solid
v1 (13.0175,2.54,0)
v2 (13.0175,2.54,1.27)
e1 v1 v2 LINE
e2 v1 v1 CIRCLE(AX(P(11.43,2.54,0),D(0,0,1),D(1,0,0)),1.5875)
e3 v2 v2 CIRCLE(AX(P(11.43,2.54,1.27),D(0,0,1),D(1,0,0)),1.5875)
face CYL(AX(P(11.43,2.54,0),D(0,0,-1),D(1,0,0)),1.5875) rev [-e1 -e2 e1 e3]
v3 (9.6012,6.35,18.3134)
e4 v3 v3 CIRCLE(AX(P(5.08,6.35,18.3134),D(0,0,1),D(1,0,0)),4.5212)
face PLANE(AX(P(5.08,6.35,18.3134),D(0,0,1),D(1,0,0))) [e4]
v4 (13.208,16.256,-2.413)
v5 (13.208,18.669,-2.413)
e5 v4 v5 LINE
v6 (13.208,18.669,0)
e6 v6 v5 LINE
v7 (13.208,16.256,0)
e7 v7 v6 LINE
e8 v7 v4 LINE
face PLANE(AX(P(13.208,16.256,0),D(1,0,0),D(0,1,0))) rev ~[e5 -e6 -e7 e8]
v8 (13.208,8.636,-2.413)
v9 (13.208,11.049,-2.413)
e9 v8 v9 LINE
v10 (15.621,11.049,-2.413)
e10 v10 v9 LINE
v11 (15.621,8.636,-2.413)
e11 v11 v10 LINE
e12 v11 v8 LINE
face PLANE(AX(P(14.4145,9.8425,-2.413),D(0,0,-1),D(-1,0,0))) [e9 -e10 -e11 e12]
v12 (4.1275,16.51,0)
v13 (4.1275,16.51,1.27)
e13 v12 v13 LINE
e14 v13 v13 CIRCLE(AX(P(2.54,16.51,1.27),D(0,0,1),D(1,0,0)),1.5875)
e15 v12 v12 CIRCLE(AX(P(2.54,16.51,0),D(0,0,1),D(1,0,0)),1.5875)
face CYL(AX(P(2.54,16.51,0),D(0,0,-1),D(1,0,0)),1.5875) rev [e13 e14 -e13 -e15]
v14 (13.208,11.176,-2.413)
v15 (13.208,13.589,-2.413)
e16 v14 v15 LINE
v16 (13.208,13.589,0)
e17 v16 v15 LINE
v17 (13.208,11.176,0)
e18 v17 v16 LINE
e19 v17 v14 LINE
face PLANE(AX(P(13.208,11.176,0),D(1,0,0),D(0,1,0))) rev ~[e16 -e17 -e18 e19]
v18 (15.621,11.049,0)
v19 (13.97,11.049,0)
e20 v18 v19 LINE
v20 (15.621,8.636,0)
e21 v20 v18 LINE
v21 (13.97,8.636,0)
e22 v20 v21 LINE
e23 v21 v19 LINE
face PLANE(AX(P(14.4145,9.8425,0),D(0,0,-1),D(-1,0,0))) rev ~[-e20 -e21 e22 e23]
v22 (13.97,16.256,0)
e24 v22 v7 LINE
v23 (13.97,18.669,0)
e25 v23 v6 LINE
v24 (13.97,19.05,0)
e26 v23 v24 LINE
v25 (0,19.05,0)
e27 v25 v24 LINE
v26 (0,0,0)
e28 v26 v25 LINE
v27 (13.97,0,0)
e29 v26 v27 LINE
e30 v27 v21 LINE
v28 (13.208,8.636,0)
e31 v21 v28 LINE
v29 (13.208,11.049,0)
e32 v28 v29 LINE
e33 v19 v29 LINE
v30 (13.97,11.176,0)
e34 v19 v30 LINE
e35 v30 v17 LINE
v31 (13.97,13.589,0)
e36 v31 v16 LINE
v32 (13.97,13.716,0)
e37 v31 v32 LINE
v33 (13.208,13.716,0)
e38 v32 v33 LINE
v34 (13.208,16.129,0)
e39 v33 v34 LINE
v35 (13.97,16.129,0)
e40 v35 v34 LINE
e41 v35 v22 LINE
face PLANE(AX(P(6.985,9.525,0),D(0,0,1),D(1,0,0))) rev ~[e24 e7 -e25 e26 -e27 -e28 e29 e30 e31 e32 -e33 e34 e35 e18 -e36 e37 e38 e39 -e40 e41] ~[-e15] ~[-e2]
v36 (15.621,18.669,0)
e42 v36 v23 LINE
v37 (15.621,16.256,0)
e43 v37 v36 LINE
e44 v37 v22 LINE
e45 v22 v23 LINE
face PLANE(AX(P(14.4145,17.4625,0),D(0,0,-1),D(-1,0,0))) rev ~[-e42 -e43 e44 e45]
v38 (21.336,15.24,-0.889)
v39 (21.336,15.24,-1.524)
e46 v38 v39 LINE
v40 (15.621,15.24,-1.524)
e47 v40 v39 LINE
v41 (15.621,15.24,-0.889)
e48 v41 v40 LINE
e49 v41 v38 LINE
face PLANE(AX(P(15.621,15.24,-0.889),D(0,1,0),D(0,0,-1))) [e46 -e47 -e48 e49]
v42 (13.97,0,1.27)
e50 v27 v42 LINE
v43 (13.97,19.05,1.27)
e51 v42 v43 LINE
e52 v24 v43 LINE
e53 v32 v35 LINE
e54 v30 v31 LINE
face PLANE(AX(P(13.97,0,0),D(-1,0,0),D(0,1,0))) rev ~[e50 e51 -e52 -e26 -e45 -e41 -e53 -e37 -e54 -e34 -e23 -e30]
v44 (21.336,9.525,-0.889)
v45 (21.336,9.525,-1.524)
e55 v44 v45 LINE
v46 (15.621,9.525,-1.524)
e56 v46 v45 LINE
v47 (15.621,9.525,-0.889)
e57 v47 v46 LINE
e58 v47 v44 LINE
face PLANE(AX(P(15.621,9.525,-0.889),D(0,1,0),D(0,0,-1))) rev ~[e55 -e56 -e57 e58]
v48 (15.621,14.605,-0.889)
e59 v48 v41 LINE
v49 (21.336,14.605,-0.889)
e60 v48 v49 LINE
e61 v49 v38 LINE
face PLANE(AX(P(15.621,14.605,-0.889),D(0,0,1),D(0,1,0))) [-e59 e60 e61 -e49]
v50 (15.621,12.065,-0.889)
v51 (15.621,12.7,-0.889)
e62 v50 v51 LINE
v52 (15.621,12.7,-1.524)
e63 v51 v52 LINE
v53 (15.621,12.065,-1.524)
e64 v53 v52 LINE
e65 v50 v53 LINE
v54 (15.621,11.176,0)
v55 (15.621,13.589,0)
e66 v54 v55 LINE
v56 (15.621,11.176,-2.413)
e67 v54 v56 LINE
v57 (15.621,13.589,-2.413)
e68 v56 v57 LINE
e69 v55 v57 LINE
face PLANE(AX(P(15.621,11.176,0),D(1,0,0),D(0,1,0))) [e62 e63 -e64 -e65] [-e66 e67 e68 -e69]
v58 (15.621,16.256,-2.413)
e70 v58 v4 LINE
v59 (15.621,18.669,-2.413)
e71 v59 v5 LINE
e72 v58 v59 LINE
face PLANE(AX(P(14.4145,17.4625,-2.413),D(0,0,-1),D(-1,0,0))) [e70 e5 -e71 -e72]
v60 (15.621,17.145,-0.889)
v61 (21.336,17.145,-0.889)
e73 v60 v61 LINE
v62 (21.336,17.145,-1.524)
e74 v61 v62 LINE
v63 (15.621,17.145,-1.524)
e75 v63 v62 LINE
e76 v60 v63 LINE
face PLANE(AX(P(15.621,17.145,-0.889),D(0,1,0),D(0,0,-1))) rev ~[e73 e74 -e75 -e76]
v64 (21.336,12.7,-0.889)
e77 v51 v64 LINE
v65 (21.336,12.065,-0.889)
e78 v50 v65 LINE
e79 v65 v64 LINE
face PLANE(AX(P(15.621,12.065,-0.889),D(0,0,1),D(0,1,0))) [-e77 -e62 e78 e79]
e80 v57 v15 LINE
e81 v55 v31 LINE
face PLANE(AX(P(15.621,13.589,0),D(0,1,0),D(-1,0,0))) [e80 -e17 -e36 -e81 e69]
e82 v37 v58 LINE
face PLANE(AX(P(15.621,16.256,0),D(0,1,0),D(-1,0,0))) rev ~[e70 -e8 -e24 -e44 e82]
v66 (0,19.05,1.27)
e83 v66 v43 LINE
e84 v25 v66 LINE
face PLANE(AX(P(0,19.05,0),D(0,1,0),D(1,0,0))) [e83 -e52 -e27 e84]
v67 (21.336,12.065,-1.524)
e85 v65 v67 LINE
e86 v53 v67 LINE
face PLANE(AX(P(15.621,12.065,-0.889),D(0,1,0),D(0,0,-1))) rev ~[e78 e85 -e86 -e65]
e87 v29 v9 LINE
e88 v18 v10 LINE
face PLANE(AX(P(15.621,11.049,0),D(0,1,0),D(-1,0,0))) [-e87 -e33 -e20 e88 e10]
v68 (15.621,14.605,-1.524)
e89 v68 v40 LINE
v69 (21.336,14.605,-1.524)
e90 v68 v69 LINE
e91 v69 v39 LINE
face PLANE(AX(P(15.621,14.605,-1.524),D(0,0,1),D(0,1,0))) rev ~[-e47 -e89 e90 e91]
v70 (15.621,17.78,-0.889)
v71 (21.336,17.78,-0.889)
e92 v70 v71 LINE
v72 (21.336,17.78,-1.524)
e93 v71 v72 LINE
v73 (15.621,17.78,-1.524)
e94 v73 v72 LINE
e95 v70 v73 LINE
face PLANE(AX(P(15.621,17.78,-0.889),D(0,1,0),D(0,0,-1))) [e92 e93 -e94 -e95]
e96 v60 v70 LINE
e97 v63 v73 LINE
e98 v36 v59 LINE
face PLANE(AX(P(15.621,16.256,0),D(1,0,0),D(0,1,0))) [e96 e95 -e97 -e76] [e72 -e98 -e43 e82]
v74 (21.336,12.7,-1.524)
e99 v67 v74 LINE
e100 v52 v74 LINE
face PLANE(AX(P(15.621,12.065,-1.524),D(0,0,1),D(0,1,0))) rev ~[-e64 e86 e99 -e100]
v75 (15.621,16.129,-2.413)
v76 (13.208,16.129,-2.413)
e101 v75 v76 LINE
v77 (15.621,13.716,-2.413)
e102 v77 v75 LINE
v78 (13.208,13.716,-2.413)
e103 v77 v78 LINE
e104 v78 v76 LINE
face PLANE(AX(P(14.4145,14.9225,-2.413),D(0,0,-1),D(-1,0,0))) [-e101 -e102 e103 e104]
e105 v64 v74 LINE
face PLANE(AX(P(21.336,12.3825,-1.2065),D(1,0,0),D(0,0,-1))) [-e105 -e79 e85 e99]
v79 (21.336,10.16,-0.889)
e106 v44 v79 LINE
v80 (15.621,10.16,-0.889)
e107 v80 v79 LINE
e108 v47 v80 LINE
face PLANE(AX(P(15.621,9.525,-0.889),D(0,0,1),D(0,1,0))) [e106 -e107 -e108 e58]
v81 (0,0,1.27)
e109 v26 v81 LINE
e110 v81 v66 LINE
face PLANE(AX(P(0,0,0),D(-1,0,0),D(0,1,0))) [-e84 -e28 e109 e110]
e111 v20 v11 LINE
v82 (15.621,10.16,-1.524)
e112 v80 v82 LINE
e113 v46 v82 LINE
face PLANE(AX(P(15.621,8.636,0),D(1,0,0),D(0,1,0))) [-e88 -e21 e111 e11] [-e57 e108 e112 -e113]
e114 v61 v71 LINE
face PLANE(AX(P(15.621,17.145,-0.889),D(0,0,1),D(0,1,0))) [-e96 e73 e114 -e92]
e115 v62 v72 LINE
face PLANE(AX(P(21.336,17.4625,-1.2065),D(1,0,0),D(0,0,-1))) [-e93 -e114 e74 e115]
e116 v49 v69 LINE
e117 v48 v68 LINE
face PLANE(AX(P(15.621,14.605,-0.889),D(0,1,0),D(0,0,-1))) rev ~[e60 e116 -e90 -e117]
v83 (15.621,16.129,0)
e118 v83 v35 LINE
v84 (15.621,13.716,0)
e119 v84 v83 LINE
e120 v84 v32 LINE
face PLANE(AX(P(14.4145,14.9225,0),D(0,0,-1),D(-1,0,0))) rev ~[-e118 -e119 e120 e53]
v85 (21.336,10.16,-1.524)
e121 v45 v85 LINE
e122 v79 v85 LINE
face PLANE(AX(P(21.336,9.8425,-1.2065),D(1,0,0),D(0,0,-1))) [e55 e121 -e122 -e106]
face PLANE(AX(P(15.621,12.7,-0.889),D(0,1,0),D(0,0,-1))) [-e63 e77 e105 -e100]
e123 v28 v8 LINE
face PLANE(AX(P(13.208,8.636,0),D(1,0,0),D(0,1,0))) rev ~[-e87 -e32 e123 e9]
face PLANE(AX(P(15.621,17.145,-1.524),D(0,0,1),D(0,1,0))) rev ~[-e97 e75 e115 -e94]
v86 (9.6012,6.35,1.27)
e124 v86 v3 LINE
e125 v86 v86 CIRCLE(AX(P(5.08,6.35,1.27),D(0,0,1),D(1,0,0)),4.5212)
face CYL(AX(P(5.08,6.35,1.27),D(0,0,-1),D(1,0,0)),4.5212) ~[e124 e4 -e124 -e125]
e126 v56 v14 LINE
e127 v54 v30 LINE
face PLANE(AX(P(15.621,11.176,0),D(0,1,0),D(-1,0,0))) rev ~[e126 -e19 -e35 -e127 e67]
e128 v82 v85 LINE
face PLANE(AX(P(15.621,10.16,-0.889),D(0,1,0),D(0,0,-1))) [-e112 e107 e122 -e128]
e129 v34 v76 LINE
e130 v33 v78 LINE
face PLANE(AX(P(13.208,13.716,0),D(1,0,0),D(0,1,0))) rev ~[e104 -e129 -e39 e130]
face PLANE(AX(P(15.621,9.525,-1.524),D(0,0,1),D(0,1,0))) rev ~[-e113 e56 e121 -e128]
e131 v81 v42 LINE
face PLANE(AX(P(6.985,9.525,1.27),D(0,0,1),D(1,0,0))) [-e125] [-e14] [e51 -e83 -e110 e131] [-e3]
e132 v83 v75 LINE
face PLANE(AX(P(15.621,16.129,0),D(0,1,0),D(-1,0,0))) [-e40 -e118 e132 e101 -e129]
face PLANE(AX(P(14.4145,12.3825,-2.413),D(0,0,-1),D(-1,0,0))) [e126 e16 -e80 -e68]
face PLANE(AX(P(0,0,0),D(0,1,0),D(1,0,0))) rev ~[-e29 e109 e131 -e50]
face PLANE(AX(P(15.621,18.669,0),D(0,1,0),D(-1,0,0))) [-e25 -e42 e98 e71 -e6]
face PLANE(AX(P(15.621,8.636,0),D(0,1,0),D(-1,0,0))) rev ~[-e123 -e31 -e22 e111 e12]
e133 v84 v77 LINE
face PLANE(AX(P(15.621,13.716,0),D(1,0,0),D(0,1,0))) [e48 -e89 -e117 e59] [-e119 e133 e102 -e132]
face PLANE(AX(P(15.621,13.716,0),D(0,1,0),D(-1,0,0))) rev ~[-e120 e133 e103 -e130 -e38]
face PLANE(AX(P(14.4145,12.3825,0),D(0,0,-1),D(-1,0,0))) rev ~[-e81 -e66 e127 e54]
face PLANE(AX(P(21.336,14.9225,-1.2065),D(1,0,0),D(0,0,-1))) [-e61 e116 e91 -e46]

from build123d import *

# Parameters (mm, degrees)
SKETCH1_W           = 13.97
SKETCH1_H           = 19.05
SKETCH1_R           = 1.5875
BOSS_EXTRUDE1_DEPTH = 1.27
SKETCH2_R           = 4.5212
BOSS_EXTRUDE2_DEPTH = 17.0434
SKETCH3_W           = 2.413
SKETCH3_H           = 2.413
BOSS_EXTRUDE3_DEPTH = 2.413
SKETCH4_W           = 0.635
SKETCH4_H           = 0.635
BOSS_EXTRUDE4_DEPTH = 5.715


with BuildPart() as part:
    # Sketch1 → Boss-Extrude1 (new body)
    with BuildSketch(Plane.XY):
        with Locations((6.985, 9.525)):
            Rectangle(SKETCH1_W, SKETCH1_H)
        with Locations((2.54, 16.51)):
            Circle(SKETCH1_R, mode=Mode.SUBTRACT)
        with Locations((11.43, 2.54)):
            Circle(SKETCH1_R, mode=Mode.SUBTRACT)
    extrude(amount=BOSS_EXTRUDE1_DEPTH)

    # Sketch2 → Boss-Extrude2 (add)
    with BuildSketch(Plane.XY.offset(1.27)):
        with Locations((5.08, 6.35)):
            Circle(SKETCH2_R)
    extrude(amount=BOSS_EXTRUDE2_DEPTH)

    # Sketch3 → Boss-Extrude3 (add)
    with BuildSketch(Plane(origin=(0, 0, 0), x_dir=(-1, 0, 0), z_dir=(0, 0, -1))):
        with Locations((-14.4145, 9.8425)):
            Rectangle(SKETCH3_W, SKETCH3_H)
        with Locations((-14.4145, 12.3825)):
            Rectangle(SKETCH3_W, SKETCH3_H)
        with Locations((-14.4145, 14.9225)):
            Rectangle(SKETCH3_W, SKETCH3_H)
        with Locations((-14.4145, 17.4625)):
            Rectangle(SKETCH3_W, SKETCH3_H)
    extrude(amount=BOSS_EXTRUDE3_DEPTH)

    # Sketch4 → Boss-Extrude4 (add)
    with BuildSketch(Plane(origin=(15.621, 0, 0), x_dir=(0, 0, -1), z_dir=(1, 0, 0))):
        with Locations((1.2065, 9.8425)):
            Rectangle(SKETCH4_W, SKETCH4_H)
        with Locations((1.2065, 12.3825)):
            Rectangle(SKETCH4_W, SKETCH4_H)
        with Locations((1.2065, 14.9225)):
            Rectangle(SKETCH4_W, SKETCH4_H)
        with Locations((1.2065, 17.4625)):
            Rectangle(SKETCH4_W, SKETCH4_H)
    extrude(amount=BOSS_EXTRUDE4_DEPTH)


solid = part.part
